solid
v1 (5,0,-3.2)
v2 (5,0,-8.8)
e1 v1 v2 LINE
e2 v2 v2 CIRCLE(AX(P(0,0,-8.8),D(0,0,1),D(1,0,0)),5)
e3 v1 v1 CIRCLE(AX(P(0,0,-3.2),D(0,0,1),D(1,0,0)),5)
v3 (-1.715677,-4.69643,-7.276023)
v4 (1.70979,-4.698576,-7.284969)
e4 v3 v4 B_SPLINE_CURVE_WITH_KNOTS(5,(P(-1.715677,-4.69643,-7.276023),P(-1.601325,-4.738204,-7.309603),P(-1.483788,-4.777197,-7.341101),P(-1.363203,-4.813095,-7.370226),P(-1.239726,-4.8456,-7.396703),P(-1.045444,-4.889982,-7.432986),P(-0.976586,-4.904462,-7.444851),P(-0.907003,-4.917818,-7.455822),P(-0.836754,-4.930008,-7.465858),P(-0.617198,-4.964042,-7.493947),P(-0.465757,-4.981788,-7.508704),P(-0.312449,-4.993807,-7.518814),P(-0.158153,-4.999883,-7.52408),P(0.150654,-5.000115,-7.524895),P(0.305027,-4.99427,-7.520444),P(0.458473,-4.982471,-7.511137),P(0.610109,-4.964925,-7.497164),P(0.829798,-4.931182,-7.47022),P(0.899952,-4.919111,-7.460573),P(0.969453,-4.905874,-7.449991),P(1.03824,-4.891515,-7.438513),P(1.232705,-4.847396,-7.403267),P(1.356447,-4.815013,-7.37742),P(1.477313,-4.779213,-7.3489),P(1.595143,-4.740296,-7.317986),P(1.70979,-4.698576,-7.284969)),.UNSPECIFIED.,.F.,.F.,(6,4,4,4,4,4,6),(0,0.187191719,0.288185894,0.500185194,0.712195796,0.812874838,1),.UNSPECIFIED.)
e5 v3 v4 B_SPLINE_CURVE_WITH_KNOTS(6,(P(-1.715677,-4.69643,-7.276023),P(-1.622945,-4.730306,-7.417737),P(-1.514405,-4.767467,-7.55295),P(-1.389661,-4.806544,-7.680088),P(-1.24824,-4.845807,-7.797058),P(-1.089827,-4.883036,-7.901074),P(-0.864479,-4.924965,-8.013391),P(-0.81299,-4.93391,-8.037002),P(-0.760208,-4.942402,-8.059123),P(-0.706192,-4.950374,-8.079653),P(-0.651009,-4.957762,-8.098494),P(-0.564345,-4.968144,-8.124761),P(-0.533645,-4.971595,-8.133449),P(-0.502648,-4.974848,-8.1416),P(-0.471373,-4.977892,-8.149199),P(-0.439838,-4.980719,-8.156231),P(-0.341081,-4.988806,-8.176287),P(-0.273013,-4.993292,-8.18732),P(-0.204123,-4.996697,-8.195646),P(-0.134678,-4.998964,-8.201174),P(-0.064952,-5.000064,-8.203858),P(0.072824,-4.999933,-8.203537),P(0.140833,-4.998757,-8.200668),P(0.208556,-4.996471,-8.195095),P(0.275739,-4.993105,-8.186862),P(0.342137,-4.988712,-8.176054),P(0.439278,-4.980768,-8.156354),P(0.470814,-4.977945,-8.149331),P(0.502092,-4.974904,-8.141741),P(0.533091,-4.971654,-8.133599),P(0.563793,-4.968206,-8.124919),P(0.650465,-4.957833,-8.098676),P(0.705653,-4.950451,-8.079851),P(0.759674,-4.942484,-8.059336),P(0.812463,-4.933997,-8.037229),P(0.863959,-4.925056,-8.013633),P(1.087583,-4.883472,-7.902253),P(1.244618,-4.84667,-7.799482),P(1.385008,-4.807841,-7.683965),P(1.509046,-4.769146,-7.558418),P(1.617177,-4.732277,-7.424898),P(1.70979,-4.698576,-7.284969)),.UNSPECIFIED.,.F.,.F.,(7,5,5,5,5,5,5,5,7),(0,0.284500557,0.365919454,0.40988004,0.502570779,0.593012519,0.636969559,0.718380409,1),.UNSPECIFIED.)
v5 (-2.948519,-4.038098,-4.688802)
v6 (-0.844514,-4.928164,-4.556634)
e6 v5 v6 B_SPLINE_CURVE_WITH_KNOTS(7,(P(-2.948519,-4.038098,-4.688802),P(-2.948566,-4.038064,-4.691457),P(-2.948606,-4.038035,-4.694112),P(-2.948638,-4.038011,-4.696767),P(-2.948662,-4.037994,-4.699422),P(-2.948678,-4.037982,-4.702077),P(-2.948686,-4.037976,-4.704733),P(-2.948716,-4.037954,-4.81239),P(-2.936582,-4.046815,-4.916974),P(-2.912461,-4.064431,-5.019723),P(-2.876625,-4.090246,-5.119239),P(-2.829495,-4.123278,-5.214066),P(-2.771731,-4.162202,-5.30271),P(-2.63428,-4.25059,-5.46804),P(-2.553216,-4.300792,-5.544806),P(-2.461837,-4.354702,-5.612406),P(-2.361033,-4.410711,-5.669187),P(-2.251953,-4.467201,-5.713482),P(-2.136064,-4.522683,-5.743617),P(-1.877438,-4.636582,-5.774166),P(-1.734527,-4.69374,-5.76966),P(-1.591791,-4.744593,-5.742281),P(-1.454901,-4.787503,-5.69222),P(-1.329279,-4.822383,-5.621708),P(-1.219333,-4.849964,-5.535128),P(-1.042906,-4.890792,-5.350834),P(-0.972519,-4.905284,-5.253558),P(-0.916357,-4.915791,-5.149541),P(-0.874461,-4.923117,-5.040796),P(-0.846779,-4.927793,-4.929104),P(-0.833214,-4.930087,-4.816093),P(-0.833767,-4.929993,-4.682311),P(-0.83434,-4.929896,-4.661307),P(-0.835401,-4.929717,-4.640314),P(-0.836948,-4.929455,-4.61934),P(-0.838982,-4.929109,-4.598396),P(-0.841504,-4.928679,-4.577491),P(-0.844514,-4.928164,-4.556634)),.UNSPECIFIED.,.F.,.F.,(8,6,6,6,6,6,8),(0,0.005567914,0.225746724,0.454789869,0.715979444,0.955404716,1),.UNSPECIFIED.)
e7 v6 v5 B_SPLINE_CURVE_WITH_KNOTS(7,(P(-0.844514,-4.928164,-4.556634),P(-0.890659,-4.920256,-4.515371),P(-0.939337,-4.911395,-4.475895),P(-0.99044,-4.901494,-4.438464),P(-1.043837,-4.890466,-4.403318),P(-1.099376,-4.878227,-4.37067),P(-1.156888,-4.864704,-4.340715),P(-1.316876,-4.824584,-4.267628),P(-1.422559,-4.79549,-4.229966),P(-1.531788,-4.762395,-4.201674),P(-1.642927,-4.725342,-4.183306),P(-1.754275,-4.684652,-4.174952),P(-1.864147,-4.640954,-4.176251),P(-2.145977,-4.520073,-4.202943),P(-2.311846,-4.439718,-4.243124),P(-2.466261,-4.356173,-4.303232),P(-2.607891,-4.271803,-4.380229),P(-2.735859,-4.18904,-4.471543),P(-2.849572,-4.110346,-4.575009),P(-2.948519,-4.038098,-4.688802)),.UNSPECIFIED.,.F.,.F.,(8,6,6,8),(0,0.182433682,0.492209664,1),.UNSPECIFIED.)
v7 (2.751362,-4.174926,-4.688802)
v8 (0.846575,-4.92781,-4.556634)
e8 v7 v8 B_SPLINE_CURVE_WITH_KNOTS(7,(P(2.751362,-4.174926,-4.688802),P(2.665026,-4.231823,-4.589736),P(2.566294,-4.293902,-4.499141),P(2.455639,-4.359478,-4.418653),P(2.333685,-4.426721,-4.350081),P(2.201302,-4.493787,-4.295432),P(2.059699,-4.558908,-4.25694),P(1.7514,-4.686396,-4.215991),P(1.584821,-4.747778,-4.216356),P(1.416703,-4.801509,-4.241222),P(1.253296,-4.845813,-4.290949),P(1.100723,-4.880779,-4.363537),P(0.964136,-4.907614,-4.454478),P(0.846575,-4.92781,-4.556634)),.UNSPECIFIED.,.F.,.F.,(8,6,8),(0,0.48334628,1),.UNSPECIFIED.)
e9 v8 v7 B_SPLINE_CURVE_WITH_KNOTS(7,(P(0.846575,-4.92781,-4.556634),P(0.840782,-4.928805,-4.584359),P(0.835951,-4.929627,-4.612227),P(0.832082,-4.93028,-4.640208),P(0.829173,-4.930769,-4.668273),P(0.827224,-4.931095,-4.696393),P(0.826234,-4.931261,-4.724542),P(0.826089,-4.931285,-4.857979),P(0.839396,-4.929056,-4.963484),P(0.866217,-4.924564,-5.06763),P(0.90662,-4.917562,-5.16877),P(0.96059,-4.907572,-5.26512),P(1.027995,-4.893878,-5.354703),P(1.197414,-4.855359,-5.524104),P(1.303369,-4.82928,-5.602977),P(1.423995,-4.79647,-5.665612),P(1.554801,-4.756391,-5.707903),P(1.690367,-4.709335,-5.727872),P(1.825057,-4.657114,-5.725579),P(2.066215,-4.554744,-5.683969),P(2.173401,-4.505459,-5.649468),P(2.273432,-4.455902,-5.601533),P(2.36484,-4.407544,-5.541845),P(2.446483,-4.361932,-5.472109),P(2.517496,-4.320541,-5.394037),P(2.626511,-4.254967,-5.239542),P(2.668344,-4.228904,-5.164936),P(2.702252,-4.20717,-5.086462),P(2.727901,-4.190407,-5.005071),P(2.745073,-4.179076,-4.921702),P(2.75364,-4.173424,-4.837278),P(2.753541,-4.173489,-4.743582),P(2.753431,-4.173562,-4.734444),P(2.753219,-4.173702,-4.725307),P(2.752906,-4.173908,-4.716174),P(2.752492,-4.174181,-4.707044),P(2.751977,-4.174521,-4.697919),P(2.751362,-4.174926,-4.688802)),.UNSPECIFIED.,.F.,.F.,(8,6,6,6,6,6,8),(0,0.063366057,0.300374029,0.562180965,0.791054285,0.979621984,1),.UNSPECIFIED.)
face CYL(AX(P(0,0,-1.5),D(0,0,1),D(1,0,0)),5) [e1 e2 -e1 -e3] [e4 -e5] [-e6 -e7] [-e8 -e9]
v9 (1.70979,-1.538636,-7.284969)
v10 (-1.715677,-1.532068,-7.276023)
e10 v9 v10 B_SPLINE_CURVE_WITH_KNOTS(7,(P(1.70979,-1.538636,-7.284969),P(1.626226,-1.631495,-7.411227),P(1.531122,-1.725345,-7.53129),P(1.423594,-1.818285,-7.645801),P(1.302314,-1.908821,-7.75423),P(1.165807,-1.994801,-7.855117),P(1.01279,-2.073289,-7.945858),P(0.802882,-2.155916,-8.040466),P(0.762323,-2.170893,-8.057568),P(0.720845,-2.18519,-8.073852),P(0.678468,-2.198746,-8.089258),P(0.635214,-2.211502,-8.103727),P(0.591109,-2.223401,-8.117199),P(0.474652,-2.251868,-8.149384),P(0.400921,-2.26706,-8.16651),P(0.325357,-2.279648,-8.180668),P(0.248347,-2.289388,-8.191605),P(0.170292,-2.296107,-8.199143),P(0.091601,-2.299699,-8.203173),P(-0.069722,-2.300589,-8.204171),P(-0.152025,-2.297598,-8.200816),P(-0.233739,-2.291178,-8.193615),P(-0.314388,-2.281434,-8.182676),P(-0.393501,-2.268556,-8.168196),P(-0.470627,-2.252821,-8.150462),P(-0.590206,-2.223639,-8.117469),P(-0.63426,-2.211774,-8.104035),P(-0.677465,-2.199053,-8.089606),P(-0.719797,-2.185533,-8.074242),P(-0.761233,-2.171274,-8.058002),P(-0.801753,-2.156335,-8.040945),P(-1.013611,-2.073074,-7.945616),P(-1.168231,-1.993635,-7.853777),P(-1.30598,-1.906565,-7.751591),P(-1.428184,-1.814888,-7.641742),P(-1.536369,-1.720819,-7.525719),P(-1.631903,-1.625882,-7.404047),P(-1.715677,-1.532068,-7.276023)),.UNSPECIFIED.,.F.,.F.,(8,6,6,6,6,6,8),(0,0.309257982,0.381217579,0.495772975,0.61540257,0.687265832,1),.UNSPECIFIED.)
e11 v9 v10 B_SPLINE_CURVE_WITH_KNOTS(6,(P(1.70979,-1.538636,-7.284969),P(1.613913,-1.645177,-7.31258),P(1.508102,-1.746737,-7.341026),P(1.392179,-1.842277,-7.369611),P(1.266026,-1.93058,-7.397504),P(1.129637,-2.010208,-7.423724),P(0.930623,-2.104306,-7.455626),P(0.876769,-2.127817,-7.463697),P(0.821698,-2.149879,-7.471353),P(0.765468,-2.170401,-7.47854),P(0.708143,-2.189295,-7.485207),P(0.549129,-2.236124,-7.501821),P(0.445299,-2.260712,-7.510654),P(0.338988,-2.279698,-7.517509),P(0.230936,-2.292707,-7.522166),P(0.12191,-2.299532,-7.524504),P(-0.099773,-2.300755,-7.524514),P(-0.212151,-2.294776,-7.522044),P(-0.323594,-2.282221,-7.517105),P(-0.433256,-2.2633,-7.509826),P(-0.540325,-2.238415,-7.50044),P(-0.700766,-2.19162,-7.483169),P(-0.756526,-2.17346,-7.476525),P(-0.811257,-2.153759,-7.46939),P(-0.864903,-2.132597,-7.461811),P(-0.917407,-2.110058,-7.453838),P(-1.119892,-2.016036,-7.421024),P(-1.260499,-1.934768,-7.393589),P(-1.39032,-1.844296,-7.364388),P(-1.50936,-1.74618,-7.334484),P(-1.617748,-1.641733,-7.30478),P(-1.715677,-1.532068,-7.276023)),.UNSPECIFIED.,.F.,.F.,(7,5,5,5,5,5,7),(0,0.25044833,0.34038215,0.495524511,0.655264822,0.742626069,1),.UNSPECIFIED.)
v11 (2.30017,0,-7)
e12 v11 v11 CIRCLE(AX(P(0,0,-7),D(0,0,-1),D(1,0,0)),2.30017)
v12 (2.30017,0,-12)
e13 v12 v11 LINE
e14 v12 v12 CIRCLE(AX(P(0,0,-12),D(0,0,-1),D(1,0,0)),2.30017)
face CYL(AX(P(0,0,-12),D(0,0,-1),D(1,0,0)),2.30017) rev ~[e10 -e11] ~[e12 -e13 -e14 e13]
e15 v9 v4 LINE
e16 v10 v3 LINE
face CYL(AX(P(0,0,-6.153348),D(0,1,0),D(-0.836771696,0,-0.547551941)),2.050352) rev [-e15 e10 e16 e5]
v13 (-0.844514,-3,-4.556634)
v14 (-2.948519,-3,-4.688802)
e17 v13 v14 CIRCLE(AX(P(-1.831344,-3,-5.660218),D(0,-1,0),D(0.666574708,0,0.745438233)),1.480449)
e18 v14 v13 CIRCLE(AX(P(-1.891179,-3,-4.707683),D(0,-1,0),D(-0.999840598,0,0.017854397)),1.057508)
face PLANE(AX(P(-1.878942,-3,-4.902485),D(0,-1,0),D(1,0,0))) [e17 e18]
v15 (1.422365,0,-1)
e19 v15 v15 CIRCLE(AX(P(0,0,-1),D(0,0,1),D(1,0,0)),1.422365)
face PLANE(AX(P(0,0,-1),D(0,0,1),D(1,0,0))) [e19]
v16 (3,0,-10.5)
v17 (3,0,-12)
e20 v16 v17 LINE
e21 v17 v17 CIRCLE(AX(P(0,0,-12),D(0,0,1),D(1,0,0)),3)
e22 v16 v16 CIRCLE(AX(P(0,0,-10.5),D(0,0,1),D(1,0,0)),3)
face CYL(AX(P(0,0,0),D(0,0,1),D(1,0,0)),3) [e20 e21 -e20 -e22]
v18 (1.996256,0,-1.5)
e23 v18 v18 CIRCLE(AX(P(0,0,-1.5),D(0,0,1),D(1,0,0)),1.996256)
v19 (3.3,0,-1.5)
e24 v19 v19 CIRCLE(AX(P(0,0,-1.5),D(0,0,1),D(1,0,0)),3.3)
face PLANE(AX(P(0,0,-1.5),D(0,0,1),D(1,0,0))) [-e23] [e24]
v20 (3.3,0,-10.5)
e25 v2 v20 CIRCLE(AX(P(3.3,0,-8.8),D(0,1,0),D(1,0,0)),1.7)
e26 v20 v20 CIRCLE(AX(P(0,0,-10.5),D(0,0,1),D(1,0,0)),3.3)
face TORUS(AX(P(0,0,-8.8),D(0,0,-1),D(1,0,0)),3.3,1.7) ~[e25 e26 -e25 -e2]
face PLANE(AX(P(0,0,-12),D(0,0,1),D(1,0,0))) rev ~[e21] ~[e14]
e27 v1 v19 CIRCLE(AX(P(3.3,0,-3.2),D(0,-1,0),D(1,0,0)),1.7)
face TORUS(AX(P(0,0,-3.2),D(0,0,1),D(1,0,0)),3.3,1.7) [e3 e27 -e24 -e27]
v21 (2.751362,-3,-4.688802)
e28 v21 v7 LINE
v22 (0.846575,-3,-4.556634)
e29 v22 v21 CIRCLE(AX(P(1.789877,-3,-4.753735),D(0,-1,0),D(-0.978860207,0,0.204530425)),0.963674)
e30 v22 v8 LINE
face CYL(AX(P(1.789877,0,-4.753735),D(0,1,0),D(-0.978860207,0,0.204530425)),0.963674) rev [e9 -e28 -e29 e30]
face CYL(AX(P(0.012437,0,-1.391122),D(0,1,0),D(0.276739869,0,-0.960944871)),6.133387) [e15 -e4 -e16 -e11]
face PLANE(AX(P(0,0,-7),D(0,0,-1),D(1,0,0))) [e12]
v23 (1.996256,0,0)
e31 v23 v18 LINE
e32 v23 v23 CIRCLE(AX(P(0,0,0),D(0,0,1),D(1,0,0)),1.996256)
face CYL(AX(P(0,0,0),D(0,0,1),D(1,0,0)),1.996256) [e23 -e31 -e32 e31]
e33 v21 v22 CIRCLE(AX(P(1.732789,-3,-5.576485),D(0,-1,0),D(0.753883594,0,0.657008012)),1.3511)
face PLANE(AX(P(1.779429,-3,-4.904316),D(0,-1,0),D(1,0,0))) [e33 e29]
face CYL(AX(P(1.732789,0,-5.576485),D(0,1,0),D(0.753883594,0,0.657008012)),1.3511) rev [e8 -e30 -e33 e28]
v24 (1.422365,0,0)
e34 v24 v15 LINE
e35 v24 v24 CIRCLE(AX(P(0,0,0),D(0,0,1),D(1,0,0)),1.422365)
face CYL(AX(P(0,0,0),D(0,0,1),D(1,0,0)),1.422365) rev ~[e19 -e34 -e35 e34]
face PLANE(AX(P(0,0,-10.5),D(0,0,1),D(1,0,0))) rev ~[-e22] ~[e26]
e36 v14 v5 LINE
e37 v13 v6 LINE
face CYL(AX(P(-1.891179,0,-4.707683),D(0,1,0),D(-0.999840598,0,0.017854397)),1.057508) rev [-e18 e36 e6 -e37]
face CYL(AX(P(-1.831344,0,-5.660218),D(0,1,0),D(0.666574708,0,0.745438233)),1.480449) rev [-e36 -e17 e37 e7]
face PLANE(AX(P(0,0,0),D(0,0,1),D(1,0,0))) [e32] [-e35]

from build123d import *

# Parameters (mm, degrees)
F0_R      = 3
F1_DEPTH  = 12
F2_R      = 3.203206237
F2_R_2    = 1.9962564084
F3_DEPTH  = 1.5
F4_R      = 5
F5_DEPTH  = 9
F6_R      = 1.7
F7_R      = 1.4223649875
F8_DEPTH  = 1
F9_R      = 2.3001696125
F10_DEPTH = 5
F12_DEPTH = 25
F13_DEPTH = 3


with BuildPart() as f1:
    # F0 (on Top) → F1 (new body)
    with BuildSketch(Plane.XY):
        Circle(F0_R)
    extrude(amount=-F1_DEPTH)

    # F2 (on face) → F3 (cut)
    with BuildSketch(Plane.XY):
        Circle(F2_R)
        Circle(F2_R_2, mode=Mode.SUBTRACT)
    extrude(amount=-F3_DEPTH, mode=Mode.SUBTRACT)

    # F4 (on face) → F5 (join)
    with BuildSketch(Plane.XY.offset(-1.5)):
        Circle(F4_R)
    extrude(amount=-F5_DEPTH)

    # F6
    f6_edges = [f1.edges().sort_by_distance(p)[0] for p in [
        (5, 0, -6),
        (-5, 0, -1.5),
        (-5, 0, -10.5),
    ]]
    fillet(f6_edges, radius=F6_R)

    # F7 (on face) → F8 (cut)
    with BuildSketch(Plane.XY):
        Circle(F7_R)
    extrude(amount=-F8_DEPTH, mode=Mode.SUBTRACT)

    # F9 (on face) → F10 (cut)
    with BuildSketch(Plane(origin=(0, 0, -12), x_dir=(1, 0, 0), z_dir=(0, 0, -1))):
        Circle(F9_R)
    extrude(amount=-F10_DEPTH, mode=Mode.SUBTRACT)

    # F11 (on Front) → F12 (cut)
    with BuildSketch(Plane.XZ):
        with BuildLine():
            ThreePointArc((1.7097895663, -7.2849687191), (-0.003580854, -7.5244880061), (-1.715676859, -7.2760228068))
            ThreePointArc((-1.715676859, -7.2760228068), (-0.0053546607, -8.2036937796), (1.7097895663, -7.2849687191))
        make_face()
        with BuildLine():
            ThreePointArc((-2.9485186096, -4.6888017096), (-1.8248803235, -5.7631106344), (-0.84451411, -4.5566344634))
            ThreePointArc((-0.84451411, -4.5566344634), (-1.924158161, -4.1826811203), (-2.9485186096, -4.6888017096))
        make_face()
        with BuildLine():
            ThreePointArc((0.8465747233, -4.5566344634), (1.7231712571, -5.7150981177), (2.7513615138, -4.6888017096))
            ThreePointArc((2.7513615138, -4.6888017096), (1.826312953, -4.2286258966), (0.8465747233, -4.5566344634))
        make_face()
    extrude(amount=F12_DEPTH, mode=Mode.SUBTRACT)

    # F13 (add): faces of the model
    f13_faces = [f1.faces().sort_by_distance(p)[0] for p in [
        (-1.8763016609, 0, -4.9445210943),
        (1.7765781537, 0, -4.9454009795),
    ]]
    extrude(f13_faces, amount=F13_DEPTH)


solid = f1.part
